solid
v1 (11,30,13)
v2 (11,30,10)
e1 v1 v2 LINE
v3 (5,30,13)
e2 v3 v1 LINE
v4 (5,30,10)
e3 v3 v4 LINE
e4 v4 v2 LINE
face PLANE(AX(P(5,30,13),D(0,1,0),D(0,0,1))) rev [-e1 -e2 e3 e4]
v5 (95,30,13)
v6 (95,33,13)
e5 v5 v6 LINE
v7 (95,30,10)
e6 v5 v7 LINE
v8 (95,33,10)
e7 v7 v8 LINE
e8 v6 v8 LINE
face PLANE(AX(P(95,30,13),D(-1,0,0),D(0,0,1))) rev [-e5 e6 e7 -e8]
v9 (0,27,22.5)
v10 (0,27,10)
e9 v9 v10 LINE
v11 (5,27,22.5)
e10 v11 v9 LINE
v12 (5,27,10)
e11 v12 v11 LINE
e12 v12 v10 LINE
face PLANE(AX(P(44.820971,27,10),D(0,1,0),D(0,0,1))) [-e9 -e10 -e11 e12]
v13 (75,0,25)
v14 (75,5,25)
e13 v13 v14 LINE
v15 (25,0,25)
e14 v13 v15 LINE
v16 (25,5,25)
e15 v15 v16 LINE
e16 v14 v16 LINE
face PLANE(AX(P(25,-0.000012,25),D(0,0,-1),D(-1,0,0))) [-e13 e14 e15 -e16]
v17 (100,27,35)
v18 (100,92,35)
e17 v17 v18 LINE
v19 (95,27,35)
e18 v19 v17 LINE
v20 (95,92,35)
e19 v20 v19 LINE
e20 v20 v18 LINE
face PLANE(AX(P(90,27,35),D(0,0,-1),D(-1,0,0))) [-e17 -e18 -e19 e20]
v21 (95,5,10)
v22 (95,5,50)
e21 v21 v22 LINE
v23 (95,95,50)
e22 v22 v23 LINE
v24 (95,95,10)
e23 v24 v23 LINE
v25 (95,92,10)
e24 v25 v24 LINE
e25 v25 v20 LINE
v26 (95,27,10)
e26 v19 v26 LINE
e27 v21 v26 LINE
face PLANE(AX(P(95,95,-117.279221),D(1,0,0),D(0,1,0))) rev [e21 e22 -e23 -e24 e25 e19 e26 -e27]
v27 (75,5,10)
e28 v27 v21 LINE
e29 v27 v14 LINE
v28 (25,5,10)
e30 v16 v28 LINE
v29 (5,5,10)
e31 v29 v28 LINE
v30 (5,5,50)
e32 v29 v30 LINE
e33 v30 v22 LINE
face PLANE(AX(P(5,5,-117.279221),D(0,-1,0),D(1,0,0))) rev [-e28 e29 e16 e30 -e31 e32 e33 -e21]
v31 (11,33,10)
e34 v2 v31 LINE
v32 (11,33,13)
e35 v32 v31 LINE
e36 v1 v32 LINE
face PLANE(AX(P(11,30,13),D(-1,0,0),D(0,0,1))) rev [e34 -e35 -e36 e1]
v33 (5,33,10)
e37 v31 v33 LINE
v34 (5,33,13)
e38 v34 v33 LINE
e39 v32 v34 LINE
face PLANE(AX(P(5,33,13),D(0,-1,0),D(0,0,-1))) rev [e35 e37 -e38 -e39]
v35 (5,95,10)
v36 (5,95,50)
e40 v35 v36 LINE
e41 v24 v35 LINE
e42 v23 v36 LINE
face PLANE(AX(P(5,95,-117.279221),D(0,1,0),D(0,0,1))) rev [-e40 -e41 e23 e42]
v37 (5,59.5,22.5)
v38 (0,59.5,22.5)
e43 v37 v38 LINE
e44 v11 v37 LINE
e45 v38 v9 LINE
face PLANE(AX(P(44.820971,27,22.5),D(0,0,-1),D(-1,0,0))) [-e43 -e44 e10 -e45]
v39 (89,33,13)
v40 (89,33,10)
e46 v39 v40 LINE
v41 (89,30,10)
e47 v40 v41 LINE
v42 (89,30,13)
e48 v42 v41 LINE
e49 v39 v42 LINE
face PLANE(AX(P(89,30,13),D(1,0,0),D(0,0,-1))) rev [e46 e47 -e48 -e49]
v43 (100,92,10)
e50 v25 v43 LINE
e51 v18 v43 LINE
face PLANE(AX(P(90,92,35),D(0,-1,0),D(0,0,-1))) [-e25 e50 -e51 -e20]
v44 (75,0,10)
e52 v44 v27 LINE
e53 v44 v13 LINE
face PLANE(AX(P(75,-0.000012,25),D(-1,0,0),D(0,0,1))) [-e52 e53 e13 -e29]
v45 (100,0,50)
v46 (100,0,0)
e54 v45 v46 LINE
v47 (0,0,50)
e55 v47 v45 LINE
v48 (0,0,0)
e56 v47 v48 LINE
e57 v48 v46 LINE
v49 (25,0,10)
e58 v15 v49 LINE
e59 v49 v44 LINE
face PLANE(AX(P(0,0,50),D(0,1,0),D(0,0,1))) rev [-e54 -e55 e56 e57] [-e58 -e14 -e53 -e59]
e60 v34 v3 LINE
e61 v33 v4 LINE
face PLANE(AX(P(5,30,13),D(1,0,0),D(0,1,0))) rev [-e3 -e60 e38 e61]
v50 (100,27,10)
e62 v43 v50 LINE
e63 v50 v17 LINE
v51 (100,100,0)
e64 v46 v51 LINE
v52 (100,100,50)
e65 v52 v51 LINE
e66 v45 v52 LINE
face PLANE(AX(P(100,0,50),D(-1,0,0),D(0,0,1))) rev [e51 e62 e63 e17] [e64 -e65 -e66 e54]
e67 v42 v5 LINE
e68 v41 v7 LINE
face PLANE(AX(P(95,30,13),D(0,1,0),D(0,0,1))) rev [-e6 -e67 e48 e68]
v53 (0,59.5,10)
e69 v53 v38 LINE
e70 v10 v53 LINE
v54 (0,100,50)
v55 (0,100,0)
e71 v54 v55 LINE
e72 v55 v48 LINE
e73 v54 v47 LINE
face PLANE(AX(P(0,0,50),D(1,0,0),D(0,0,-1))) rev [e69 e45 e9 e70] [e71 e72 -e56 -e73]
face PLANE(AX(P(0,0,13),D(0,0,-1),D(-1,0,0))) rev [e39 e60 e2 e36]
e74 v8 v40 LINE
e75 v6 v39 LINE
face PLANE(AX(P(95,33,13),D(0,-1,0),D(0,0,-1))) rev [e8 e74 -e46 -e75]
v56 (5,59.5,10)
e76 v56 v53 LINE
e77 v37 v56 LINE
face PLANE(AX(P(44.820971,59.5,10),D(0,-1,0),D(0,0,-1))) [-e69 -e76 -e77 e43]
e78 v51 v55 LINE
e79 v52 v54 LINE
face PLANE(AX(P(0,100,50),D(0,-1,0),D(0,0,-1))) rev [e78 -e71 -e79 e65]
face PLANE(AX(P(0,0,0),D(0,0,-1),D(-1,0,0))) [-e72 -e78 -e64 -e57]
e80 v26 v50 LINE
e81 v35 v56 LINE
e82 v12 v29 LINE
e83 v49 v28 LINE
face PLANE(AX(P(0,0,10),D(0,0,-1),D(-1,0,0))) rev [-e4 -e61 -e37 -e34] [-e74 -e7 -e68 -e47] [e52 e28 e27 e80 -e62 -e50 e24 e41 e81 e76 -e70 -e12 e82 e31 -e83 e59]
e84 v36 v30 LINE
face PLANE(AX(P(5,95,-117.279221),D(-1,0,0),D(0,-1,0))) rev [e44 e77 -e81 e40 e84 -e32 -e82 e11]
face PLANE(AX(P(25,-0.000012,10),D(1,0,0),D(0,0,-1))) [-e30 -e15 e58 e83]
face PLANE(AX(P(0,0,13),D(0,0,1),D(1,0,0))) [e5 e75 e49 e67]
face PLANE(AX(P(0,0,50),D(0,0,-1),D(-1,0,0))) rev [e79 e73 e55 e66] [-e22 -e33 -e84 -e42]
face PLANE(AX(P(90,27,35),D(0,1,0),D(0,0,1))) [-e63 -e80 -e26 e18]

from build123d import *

# Parameters (mm, degrees)
SKETCH1_W               = 100
SKETCH1_H               = 100
BOSS_EXTRUDE1_DEPTH     = 50
SHELL1_T                = -10
CUT_EXTRUDE1_DEPTH      = 151
CUT_EXTRUDE1_DEPTH_BACK = 10
SKETCH2_W               = 50
SKETCH2_H               = 15
SKETCH3_W               = 25
SKETCH3_H               = 65
CUT_EXTRUDE2_DEPTH      = 10
SKETCH4_W               = 12.5
SKETCH4_H               = 32.5
CUT_EXTRUDE3_DEPTH      = 10
CUT_EXTRUDE4_START      = -40
SKETCH5_W               = 90
SKETCH5_H               = 90
CUT_EXTRUDE4_DEPTH      = 40
SKETCH6_W               = 6
SKETCH6_H               = 3
BOSS_EXTRUDE2_DEPTH     = 3


with BuildPart() as part:
    # Sketch1 → Boss-Extrude1 (new body)
    with BuildSketch(Plane.XY):
        with Locations((50, 50)):
            Rectangle(SKETCH1_W, SKETCH1_H)
    extrude(amount=BOSS_EXTRUDE1_DEPTH)

    # Shell1
    shell1_openings = [part.faces().sort_by_distance(p)[0] for p in [
        (50, 50, 50),
    ]]
    offset(amount=SHELL1_T, openings=shell1_openings, kind=Kind.INTERSECTION)

    # Sketch2 → Cut-Extrude1 (cut, two sides: drawn at the far end of the back side and taken through both)
    with BuildSketch(Plane.XZ.offset(-CUT_EXTRUDE1_DEPTH_BACK)):
        with Locations((50, 17.5)):
            Rectangle(SKETCH2_W, SKETCH2_H)
    extrude(amount=CUT_EXTRUDE1_DEPTH + CUT_EXTRUDE1_DEPTH_BACK, mode=Mode.SUBTRACT)

    # Sketch3 → Cut-Extrude2 (cut)
    with BuildSketch(Plane.ZY.offset(-100)):
        with Locations((22.5, 59.5)):
            Rectangle(SKETCH3_W, SKETCH3_H)
    extrude(amount=CUT_EXTRUDE2_DEPTH, mode=Mode.SUBTRACT)

    # Sketch4 → Cut-Extrude3 (cut)
    with BuildSketch(Plane(origin=(0, 0, 0), x_dir=(0, 0, -1), z_dir=(1, 0, 0))):
        with Locations((-16.25, 43.25)):
            Rectangle(SKETCH4_W, SKETCH4_H)
    extrude(amount=CUT_EXTRUDE3_DEPTH, mode=Mode.SUBTRACT)

    # Sketch5 → Cut-Extrude4 (cut)
    with BuildSketch(Plane.XY.offset(50).offset(CUT_EXTRUDE4_START)):
        with Locations((50, 50)):
            Rectangle(SKETCH5_W, SKETCH5_H)
    extrude(amount=CUT_EXTRUDE4_DEPTH, mode=Mode.SUBTRACT)

    # Sketch6 → Boss-Extrude2 (add)
    with BuildSketch(Plane.XY.offset(10)):
        with Locations((8, 31.5)):
            Rectangle(SKETCH6_W, SKETCH6_H)
        with Locations((92, 31.5)):
            Rectangle(SKETCH6_W, SKETCH6_H)
    extrude(amount=BOSS_EXTRUDE2_DEPTH)


solid = part.part
